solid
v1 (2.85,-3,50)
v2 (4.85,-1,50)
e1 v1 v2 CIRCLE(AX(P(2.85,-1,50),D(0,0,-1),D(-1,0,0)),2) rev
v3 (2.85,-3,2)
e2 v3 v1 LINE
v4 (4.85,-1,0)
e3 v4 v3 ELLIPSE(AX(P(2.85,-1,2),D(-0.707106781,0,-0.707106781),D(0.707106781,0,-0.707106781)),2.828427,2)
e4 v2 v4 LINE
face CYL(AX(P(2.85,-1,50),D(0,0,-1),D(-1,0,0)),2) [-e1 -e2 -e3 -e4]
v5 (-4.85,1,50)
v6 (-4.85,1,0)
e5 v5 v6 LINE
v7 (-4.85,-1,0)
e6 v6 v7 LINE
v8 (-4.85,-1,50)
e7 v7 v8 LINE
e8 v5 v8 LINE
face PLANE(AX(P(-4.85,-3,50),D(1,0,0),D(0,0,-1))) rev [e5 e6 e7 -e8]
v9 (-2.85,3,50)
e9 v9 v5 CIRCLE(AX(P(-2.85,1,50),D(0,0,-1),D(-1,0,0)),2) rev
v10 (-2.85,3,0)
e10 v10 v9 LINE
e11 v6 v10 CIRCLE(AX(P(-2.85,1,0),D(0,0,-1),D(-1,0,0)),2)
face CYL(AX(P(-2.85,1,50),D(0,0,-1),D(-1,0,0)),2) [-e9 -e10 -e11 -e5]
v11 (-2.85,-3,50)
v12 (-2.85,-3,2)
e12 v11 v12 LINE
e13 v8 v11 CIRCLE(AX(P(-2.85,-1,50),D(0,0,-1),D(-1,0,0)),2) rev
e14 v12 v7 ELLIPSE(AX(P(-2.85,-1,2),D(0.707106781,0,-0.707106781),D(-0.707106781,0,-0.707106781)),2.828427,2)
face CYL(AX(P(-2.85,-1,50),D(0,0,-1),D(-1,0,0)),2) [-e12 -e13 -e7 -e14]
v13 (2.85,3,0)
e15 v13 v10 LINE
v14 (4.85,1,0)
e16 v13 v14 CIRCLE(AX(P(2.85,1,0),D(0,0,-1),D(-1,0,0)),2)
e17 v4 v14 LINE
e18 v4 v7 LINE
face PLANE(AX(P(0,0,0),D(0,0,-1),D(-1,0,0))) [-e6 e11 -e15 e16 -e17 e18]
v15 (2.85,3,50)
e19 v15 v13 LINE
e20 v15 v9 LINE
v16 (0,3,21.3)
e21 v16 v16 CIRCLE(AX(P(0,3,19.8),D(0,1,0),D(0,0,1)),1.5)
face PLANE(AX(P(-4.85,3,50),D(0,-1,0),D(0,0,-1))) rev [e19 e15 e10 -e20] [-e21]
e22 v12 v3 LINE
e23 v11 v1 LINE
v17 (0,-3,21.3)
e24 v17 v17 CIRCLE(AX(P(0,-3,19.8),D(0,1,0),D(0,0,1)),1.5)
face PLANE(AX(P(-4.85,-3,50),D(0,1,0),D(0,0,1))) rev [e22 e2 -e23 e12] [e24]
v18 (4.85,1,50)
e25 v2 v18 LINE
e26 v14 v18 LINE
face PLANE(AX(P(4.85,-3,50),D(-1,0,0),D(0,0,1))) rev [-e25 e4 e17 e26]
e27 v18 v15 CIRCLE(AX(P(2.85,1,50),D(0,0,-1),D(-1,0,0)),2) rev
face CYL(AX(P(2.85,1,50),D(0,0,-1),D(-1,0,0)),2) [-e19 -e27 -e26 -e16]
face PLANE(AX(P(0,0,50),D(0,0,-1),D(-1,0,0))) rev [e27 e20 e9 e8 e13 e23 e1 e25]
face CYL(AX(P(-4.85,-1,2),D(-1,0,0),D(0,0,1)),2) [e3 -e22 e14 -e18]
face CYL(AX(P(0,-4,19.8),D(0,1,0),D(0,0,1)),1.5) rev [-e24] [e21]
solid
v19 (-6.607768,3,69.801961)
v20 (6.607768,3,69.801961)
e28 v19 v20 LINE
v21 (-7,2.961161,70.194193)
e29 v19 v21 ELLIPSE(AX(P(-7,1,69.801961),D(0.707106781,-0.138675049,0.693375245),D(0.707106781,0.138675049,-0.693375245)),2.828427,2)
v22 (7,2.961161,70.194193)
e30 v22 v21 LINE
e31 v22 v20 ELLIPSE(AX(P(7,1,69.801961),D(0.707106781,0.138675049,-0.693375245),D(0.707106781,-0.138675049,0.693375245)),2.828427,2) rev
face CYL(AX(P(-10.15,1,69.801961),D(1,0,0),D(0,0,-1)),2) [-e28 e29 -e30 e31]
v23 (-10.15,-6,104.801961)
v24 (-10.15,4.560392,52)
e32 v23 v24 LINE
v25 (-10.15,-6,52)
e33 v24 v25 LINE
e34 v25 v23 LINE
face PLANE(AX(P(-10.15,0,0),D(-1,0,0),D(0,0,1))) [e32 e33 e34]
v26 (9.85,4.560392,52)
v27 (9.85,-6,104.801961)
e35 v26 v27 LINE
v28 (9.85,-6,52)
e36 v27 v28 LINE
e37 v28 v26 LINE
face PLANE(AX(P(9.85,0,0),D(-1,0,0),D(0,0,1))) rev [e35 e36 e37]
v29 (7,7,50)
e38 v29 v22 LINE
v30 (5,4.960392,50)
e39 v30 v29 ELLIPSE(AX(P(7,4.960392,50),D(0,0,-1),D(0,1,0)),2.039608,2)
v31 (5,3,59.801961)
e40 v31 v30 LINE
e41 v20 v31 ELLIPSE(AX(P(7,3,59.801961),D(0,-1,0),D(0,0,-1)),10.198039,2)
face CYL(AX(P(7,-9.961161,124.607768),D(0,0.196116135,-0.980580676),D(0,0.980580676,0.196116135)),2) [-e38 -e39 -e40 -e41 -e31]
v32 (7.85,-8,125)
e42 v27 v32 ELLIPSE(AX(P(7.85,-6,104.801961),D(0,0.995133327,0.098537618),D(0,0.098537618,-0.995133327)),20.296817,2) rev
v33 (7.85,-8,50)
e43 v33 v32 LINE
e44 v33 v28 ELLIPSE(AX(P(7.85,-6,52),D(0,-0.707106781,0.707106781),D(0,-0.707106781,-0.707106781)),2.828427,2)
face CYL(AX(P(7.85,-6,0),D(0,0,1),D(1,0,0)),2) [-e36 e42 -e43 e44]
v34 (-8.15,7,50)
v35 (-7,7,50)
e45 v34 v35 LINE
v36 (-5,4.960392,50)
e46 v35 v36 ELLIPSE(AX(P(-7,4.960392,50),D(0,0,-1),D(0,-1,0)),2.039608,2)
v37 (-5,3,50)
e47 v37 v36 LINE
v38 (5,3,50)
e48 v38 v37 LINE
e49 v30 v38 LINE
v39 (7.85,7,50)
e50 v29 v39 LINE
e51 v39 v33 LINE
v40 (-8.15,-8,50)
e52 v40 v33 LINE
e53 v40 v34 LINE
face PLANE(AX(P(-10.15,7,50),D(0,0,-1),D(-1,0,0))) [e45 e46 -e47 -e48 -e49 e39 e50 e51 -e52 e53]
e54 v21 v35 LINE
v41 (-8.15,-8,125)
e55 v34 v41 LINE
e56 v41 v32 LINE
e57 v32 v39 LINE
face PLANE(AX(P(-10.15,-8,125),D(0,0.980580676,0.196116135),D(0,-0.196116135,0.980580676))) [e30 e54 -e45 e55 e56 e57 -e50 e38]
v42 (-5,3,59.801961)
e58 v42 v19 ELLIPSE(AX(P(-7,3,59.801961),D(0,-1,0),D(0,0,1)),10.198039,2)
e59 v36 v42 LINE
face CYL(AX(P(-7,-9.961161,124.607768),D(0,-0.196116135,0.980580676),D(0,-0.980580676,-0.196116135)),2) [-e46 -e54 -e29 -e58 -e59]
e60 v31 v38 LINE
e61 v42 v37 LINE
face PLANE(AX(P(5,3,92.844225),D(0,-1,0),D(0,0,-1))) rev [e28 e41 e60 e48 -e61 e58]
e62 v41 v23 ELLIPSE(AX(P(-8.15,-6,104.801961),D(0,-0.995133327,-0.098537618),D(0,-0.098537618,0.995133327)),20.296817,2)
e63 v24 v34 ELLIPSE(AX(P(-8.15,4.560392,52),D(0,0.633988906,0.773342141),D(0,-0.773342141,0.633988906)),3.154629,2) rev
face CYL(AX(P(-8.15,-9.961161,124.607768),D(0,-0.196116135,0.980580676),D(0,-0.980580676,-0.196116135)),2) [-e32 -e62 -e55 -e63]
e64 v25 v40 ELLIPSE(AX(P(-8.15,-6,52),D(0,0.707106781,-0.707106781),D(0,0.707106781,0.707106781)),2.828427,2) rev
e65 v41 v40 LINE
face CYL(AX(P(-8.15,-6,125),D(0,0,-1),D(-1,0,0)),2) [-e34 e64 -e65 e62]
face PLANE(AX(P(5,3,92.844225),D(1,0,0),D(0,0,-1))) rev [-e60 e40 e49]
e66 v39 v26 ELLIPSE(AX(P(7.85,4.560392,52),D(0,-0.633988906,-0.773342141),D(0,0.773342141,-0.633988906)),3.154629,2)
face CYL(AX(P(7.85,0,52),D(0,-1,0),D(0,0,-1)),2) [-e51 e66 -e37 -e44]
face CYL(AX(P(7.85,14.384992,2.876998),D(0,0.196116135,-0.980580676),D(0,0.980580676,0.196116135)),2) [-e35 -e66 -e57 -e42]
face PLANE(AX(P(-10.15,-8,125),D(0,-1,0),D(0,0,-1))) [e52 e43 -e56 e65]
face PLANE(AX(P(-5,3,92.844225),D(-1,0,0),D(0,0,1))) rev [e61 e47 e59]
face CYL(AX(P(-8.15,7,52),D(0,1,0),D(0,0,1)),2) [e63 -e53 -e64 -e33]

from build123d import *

# Parameters (mm, degrees)
SKETCH1_W           = 9.7
SKETCH1_H           = 6
BOSS_EXTRUDE3_DEPTH = 50
BOSS_EXTRUDE4_START = 5
BOSS_EXTRUDE4_DEPTH = 20
FILLET1_R           = 2
CUT_EXTRUDE1_REACH  = 127.666
SKETCH6_W           = 10
SKETCH6_H           = 4
FILLET2_R           = 2
SKETCH7_R           = 1.5
CUT_EXTRUDE2_DEPTH  = 7


with BuildPart() as part:
    # Sketch1 → Boss-Extrude3 (new body)
    with BuildSketch(Plane.XY):
        Rectangle(SKETCH1_W, SKETCH1_H)
    extrude(amount=BOSS_EXTRUDE3_DEPTH)

    # Fillet1
    fillet1_edges = [part.edges().sort_by_distance(p)[0] for p in [
        (0, -3, 0),
        (4.85, -3, 25),
        (-4.85, -3, 25),
        (-4.85, 3, 25),
        (4.85, 3, 25),
    ]]
    fillet(fillet1_edges, radius=FILLET1_R)

    # Sketch7 → Cut-Extrude2 (cut)
    with BuildSketch(Plane(origin=(0, 3, 0), x_dir=(1, 0, 0), z_dir=(0, 1, 0))):
        with Locations(Location((0, -19.8, 0), (0, 0, 270))):
            Circle(SKETCH7_R)
    extrude(amount=-CUT_EXTRUDE2_DEPTH, mode=Mode.SUBTRACT)


with BuildPart() as body_2:
    # Sketch3 → Boss-Extrude4 (new body)
    with BuildSketch(Plane(origin=(4.85, 0, 0), x_dir=(0, 0, -1), z_dir=(1, 0, 0)).offset(BOSS_EXTRUDE4_START)):
        Polygon((-125, -8), (-50, -8), (-50, 7), align=None)
    extrude(amount=-BOSS_EXTRUDE4_DEPTH)

    # Cut-Extrude1: up to this face of the body (flat: up to its plane)
    cut_extrude1_end = Plane(body_2.part.faces().sort_by_distance((-0.15, -0.5, 87.5))[0])
    # Sketch6 → Cut-Extrude1 (cut, up to the picked face)
    with BuildSketch(Plane(origin=(0, 0, 0), x_dir=(-1, 0, 0), z_dir=(0, 0, -1)), mode=Mode.PRIVATE) as cut_extrude1_sk1:
        with Locations((0, 5)):
            Rectangle(SKETCH6_W, SKETCH6_H)
    cut_extrude1_tool1 = split(extrude(cut_extrude1_sk1.sketch, amount=-CUT_EXTRUDE1_REACH, mode=Mode.PRIVATE), bisect_by=cut_extrude1_end, keep=Keep.BOTH, mode=Mode.PRIVATE)
    add(cut_extrude1_tool1.solids().sort_by(Axis((0, 5, 0), (0, 0, 1)))[0], mode=Mode.SUBTRACT)

    # Fillet2
    fillet2_edges = [body_2.edges().sort_by_distance(p)[0] for p in [
        (-10.15, -0.5, 50),
        (5, 5, 60),
        (0, 3, 70),
        (-5, 5, 60),
        (9.85, -0.5, 50),
        (9.85, -8, 87.5),
        (9.85, -0.5, 87.5),
        (-10.15, -0.5, 87.5),
        (-10.15, -8, 87.5),
    ]]
    fillet(fillet2_edges, radius=FILLET2_R)


solid = Compound([part.part, body_2.part])
